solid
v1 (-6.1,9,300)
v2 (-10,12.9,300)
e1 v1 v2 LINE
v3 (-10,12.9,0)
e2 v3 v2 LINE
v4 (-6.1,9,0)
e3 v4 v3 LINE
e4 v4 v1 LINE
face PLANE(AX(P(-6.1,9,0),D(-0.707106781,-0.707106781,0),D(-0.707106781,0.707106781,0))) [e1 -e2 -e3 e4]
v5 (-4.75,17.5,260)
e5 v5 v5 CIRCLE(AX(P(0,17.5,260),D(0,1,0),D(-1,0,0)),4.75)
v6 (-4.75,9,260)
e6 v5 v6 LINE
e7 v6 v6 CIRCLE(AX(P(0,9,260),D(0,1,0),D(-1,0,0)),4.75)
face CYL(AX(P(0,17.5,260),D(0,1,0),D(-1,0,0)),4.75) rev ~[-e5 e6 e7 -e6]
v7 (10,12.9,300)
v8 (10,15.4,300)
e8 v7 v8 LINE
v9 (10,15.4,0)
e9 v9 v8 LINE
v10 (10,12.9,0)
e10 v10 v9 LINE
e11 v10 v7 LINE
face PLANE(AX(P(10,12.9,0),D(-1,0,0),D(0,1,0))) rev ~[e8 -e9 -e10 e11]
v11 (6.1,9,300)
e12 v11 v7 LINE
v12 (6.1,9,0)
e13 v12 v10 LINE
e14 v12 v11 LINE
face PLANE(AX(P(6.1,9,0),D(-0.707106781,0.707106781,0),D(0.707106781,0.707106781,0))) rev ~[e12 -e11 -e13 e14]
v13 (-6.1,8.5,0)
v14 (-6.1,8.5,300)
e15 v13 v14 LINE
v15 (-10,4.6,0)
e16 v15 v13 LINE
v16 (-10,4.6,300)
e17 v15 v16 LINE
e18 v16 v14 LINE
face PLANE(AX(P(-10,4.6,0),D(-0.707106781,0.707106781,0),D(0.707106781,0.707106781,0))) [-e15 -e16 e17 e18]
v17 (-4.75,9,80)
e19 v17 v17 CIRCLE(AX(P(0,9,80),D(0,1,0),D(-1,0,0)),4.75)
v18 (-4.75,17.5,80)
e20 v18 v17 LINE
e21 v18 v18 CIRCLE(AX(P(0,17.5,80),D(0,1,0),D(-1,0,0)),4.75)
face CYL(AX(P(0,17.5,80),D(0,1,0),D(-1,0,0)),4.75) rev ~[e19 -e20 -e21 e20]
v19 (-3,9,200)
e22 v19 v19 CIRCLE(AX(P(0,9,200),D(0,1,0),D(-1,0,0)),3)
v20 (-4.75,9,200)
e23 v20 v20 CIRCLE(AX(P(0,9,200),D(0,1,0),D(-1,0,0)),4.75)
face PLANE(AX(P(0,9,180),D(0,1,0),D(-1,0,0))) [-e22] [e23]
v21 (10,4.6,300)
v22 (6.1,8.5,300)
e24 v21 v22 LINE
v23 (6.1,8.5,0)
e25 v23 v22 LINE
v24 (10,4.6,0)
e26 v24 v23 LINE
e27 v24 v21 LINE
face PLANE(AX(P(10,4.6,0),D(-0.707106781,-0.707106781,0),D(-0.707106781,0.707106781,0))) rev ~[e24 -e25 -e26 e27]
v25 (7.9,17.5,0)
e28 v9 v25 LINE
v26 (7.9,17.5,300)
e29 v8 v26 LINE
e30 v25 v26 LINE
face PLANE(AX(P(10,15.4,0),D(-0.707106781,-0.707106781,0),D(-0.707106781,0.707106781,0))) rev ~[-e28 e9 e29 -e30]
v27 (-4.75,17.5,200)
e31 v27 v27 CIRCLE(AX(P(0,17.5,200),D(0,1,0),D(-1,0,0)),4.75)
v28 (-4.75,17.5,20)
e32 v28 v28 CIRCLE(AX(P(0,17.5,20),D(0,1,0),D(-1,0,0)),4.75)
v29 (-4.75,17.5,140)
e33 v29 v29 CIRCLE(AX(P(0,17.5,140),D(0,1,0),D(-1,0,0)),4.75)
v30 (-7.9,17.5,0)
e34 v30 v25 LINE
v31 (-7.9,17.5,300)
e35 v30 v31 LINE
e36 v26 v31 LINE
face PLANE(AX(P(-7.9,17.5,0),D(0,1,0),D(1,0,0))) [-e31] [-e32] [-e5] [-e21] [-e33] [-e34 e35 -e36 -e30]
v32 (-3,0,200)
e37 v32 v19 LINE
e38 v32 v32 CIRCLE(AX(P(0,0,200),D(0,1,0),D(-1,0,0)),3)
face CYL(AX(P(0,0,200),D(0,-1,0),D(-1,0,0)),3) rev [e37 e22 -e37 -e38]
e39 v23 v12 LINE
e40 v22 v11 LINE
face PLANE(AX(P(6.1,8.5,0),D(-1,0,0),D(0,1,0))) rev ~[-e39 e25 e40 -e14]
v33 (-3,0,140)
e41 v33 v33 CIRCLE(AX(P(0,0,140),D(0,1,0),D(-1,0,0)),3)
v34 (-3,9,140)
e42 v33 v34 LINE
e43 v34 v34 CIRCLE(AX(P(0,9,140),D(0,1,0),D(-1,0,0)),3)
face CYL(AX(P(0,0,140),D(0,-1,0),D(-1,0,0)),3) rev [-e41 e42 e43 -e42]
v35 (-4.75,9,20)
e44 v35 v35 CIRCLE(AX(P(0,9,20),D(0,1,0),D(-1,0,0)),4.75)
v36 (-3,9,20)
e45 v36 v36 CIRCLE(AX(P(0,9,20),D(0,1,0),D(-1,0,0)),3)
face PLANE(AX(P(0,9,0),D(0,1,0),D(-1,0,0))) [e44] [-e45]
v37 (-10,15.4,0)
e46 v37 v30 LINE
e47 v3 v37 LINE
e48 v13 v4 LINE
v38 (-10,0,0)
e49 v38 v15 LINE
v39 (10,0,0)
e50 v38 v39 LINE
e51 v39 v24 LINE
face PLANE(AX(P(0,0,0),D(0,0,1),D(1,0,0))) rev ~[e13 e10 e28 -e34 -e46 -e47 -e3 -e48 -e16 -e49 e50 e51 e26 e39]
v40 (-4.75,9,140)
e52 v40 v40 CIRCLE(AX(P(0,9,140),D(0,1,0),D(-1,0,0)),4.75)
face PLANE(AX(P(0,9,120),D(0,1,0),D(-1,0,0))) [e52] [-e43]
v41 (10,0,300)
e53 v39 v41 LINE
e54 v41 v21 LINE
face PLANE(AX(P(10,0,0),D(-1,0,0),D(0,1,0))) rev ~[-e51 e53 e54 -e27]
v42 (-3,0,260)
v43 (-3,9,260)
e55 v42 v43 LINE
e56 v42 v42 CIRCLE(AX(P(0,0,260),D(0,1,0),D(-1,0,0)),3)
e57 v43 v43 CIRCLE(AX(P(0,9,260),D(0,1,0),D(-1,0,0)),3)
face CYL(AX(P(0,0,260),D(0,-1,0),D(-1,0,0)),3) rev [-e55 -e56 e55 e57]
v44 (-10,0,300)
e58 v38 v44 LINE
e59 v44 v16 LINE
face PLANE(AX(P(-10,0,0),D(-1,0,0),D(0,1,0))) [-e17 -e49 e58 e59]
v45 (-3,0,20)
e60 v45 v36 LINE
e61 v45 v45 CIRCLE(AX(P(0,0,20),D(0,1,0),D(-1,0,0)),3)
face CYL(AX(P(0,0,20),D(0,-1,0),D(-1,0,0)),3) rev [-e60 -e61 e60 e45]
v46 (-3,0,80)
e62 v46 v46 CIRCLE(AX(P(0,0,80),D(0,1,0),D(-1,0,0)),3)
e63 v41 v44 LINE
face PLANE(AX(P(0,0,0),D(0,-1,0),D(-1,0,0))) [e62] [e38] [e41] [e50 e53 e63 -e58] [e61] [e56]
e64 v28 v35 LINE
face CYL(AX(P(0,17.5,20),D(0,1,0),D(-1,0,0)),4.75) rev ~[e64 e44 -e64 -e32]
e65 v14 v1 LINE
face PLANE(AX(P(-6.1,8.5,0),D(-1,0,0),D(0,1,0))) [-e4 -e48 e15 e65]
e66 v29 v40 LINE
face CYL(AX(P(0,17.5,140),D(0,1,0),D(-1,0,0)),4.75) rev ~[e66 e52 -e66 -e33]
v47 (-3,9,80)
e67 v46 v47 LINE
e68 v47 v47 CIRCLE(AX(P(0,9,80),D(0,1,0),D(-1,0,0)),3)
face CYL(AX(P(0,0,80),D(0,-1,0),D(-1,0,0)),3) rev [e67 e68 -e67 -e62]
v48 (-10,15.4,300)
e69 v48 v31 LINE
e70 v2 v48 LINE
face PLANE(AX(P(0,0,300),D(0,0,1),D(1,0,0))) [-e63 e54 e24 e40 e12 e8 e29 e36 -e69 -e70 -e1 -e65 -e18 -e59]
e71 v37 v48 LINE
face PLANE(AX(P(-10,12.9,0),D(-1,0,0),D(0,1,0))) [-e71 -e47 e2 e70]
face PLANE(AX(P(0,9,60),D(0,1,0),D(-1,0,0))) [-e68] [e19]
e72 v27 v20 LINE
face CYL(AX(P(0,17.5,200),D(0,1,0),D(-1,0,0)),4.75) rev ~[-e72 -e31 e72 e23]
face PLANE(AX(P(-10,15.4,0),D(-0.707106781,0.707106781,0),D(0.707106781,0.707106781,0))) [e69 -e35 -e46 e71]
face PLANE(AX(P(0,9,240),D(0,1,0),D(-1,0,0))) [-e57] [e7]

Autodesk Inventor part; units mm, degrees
ref_plane "YZ Plane" through (0, 0, 0) normal (1, 0, 0) x (0, 1, 0)
ref_plane "XZ Plane" through (0, 0, 0) normal (0, 1, 0) x (-1, 0, 0)
ref_plane "XY Plane" through (0, 0, 0) normal (0, 0, 1) x (1, 0, 0)
sketch "Sketch1" plane through (0, 0, 0) normal (0, 0, 1) x (1, 0, 0)
  line L0 (0, 0) -> (0, 17.5) construction
  line L1 (0, 0) -> (-10, 0)
  line L2 (0, 0) -> (10, 0)
  line L3 (-10, 0) -> (-10, 4.6)
  line L4 (-10, 4.6) -> (-6.1, 8.5)
  line L5 (-6.1, 8.5) -> (-6.1, 9)
  line L6 (-6.1, 9) -> (-10, 12.9)
  line L7 (-10, 12.9) -> (-10, 15.4)
  line L8 (-10, 15.4) -> (-7.9, 17.5)
  line L9 (-7.9, 17.5) -> (0, 17.5)
  line L10 (10, 0) -> (10, 4.6)
  line L11 (10, 4.6) -> (6.1, 8.5)
  line L12 (6.1, 8.5) -> (6.1, 9)
  line L13 (6.1, 9) -> (10, 12.9)
  line L14 (10, 12.9) -> (10, 15.4)
  line L15 (10, 15.4) -> (7.9, 17.5)
  line L16 (7.9, 17.5) -> (0, 17.5)
  dimension "d0" = 17.5
  dimension "d1" = 20
  dimension "d2" = 4.6
  dimension "d3" = 8.5
  dimension "d8" = 135
  dimension "d9" = 0.5
  dimension "d10" = 135
  dimension "d11" = 2.5
extrude "Extrusion1" add sketch "Sketch1" along normal blind 300
sketch "Sketch2" plane through (0, 0, 0) normal (0, 1, 0) x (-1, 0, 0)
  line L0 (0, 0) -> (0, 20) construction
  line L1 (0, 20) -> (0, 80) construction
  circle A0 centre (0, 20) radius 4.75
  circle A1 centre (0, 20) radius 3
  dimension "d14" = 20
  dimension "d15" = 60
  dimension "d16" = 9.5
  dimension "d17" = 6
extrude "Extrusion2" cut sketch "Sketch2" along normal through all contours A1
extrude "Extrusion3" cut sketch "Sketch2" against normal blind 8.5 from surface at 17.5
pattern_linear "Rectangular Pattern1" count 9 spacing 60 along (0, 0, 1) of "Extrusion2", "Extrusion3"
properties part number "HGR20 500mm"
